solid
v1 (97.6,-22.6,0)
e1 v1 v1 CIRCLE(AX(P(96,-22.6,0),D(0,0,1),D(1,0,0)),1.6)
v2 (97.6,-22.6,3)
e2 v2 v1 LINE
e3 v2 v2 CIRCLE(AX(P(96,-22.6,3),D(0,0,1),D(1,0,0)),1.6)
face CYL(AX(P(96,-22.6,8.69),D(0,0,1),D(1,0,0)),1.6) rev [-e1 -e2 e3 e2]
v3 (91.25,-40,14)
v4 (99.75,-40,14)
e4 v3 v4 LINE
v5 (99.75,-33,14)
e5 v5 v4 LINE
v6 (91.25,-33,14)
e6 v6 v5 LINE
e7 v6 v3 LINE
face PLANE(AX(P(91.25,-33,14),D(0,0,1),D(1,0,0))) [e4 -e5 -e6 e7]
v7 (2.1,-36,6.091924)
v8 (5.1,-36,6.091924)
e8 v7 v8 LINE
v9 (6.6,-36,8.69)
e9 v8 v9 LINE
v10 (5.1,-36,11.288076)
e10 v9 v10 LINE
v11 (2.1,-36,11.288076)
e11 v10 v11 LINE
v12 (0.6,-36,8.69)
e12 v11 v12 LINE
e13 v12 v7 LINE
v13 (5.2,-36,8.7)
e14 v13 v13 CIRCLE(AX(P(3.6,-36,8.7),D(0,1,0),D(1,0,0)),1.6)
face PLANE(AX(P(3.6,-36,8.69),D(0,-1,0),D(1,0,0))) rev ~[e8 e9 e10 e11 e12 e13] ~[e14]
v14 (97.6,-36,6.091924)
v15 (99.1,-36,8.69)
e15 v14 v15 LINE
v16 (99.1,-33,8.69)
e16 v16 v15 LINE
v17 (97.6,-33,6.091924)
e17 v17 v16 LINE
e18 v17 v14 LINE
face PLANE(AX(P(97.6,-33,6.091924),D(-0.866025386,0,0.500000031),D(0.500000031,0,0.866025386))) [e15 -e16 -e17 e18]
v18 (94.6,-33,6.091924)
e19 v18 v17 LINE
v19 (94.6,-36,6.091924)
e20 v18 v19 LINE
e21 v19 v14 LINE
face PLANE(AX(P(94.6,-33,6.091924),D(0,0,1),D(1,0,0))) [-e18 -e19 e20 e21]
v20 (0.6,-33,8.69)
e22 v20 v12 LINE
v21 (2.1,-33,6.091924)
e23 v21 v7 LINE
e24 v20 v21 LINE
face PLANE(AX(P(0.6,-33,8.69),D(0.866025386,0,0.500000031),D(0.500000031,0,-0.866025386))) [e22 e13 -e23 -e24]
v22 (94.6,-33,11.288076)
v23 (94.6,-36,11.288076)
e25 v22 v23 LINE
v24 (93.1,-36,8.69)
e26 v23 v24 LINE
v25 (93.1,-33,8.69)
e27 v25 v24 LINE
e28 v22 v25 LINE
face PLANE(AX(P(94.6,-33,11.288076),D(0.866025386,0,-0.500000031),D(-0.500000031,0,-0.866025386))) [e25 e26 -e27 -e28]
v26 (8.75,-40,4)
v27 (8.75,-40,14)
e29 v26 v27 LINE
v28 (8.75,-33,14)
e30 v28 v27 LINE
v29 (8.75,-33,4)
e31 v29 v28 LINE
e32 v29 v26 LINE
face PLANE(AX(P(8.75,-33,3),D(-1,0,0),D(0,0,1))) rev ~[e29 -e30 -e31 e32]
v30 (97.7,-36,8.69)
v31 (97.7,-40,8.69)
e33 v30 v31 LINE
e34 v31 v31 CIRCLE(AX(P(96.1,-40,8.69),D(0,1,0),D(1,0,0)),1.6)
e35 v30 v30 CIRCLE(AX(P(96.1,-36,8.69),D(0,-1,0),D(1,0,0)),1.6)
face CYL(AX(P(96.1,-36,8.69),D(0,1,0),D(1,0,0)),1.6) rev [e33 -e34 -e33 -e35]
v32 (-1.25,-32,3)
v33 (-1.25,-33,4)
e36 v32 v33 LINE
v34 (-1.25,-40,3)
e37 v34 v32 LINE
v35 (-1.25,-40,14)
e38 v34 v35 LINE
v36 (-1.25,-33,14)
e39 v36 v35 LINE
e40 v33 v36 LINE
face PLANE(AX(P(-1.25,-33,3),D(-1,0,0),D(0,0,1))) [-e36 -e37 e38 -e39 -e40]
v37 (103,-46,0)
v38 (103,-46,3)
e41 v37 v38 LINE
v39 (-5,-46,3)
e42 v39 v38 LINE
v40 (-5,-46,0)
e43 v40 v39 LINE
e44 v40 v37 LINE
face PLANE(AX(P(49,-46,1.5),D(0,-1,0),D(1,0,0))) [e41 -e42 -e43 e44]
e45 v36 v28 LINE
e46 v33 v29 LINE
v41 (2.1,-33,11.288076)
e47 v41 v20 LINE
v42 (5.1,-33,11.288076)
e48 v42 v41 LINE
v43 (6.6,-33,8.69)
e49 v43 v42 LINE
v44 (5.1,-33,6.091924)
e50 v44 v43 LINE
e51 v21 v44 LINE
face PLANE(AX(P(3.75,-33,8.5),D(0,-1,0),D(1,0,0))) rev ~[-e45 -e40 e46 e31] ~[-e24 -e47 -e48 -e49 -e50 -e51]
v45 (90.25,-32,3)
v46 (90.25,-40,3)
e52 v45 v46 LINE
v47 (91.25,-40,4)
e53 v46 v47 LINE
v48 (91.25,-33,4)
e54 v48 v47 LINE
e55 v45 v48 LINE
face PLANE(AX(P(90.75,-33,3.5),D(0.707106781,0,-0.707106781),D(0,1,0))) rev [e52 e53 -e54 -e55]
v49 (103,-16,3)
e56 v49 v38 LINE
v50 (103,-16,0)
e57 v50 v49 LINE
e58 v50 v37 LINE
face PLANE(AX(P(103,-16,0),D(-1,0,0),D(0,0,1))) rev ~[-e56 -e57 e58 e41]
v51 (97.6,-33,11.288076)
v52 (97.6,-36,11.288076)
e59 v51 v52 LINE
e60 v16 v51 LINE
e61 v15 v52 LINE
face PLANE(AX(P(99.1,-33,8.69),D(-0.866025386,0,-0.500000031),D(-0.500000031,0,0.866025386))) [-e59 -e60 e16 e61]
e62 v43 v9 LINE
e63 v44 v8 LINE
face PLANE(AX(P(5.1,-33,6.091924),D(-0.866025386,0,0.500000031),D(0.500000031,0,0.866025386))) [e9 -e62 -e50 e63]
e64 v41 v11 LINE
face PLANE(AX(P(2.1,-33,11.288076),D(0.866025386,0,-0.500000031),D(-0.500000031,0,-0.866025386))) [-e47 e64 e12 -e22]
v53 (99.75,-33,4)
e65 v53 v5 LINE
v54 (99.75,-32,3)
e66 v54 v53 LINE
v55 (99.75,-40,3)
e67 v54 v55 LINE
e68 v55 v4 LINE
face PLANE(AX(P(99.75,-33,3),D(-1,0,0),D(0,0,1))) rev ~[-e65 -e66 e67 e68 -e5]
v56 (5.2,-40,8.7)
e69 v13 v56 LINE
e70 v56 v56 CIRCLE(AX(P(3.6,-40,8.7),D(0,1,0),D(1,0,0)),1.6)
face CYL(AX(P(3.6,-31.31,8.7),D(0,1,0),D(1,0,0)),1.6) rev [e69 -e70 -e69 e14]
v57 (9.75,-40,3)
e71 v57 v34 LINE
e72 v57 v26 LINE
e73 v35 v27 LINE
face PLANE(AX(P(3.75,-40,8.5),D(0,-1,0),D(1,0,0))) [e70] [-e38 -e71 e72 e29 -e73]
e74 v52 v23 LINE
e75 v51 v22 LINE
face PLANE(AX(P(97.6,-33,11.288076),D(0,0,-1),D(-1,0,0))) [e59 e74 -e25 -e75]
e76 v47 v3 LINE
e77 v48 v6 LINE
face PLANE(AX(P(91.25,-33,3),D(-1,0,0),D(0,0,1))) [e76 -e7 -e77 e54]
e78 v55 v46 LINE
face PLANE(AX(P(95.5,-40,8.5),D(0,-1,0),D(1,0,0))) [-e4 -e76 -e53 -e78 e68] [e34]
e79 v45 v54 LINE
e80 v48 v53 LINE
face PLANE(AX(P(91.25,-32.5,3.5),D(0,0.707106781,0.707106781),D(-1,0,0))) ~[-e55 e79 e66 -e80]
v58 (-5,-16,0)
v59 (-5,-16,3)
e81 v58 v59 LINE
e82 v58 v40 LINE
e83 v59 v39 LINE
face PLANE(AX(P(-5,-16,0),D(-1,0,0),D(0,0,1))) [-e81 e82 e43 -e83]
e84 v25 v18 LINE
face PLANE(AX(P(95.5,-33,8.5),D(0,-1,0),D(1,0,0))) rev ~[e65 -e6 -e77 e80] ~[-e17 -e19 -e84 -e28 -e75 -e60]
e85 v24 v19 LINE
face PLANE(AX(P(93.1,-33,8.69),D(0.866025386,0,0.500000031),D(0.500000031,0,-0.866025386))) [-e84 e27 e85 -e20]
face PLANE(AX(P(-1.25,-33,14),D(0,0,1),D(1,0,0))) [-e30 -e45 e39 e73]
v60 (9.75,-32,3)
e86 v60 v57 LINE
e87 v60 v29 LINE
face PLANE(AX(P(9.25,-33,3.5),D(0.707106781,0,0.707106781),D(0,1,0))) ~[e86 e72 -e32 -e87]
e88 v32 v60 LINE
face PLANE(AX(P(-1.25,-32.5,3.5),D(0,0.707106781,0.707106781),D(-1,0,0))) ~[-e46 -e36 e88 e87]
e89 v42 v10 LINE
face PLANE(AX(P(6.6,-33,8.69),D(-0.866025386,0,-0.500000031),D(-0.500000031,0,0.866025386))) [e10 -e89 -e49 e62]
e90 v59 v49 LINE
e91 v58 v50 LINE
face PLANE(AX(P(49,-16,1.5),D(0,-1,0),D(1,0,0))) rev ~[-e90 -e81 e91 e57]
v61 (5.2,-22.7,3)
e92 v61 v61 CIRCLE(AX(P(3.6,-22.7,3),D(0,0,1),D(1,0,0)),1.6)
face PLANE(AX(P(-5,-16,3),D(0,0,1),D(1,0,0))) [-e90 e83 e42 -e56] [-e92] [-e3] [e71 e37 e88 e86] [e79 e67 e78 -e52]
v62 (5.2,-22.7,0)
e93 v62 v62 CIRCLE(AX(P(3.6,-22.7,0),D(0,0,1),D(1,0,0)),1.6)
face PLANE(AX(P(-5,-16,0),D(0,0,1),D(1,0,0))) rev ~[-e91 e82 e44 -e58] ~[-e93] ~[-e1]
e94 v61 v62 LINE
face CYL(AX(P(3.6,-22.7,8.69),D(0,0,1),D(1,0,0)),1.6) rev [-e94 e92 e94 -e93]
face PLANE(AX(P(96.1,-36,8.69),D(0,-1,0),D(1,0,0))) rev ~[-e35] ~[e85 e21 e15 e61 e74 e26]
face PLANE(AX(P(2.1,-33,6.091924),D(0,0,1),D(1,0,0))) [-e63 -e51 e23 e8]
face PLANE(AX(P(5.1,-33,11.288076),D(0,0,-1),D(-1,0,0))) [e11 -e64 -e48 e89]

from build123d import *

# Parameters (mm, degrees)
CYLINDER030_R          = 1.6
CYLINDER030_DEPTH      = 10
CYLINDER030_ROLL_ANGLE = 90
CYLINDER018_R          = 1.6
CYLINDER018_DEPTH      = 10
PRISM001_DEPTH         = 3
BOX021_W               = 8.5
BOX021_H               = 11
BOX021_DEPTH           = 7
CYLINDER029_R          = 1.6
CYLINDER029_DEPTH      = 10
CYLINDER029_ROLL_ANGLE = 90
CYLINDER016_R          = 1.6
CYLINDER016_DEPTH      = 10
CYLINDER016_ROLL_ANGLE = 90
BOX004_W               = 108
BOX004_H               = 3
BOX004_DEPTH           = 30
CYLINDER014_R          = 1.6
CYLINDER014_DEPTH      = 10
CYLINDER014_ROLL_ANGLE = 90
PRISM_DEPTH            = 3
BOX020_W               = 10
BOX020_H               = 11
BOX020_DEPTH           = 7
CHAMFER004_SIZE        = 1
CHAMFER004_ROLL_ANGLE  = 90


with BuildPart() as cylinder030:
    # Cylinder030 → Cylinder030 (new body)
    with BuildSketch(Plane.XY):
        Circle(CYLINDER030_R)
    extrude(amount=CYLINDER030_DEPTH)


with BuildPart() as cylinder030_1:
    # Cylinder030 roll: moved
    add(cylinder030.part.rotate(Axis((0, 0, 0), (1, 0, 0)), CYLINDER030_ROLL_ANGLE))


with BuildPart() as cylinder030_2:
    # Cylinder030 placement: moved
    add(cylinder030_1.part.moved(Location((3.6, -31.31, 8.7))))


with BuildPart() as cylinder018:
    # Cylinder018 → Cylinder018 (new body)
    with BuildSketch(Plane(origin=(3.6, 5.69, -5), x_dir=(1, 0, 0), z_dir=(0, 0, 1))):
        Circle(CYLINDER018_R)
    extrude(amount=CYLINDER018_DEPTH)


with BuildPart() as prism001:
    # Prism001 → Prism001 (new body)
    with BuildSketch(Plane(origin=(3.6, 5.69, -7), x_dir=(1, 0, 0), z_dir=(0, 0, 1))):
        Polygon((3, 0), (1.5, 2.598076), (-1.5, 2.598076), (-3, 0), (-1.5, -2.598076), (1.5, -2.598076), align=None)
    extrude(amount=PRISM001_DEPTH)


with BuildPart() as cut008:
    # Box021 → Box021 (new body)
    with BuildSketch(Plane(origin=(-1.25, 0, -7), x_dir=(1, 0, 0), z_dir=(0, 0, 1))):
        with Locations((4.25, 5.5)):
            Rectangle(BOX021_W, BOX021_H)
    extrude(amount=BOX021_DEPTH)

    # Cut007: cut Prism001
    add(prism001.part, mode=Mode.SUBTRACT)


with BuildPart() as cut008_1:
    # Cut007 placement: moved
    add(cut008.part.moved(Location((0, 0, -1))))

    # Cut008: cut Cylinder018
    add(cylinder018.part, mode=Mode.SUBTRACT)


with BuildPart() as cut008_2:
    # Cut008 placement: moved
    add(cut008_1.part.moved(Location((92.5, 0, 0))))


with BuildPart() as cylinder029:
    # Cylinder029 → Cylinder029 (new body)
    with BuildSketch(Plane.XY):
        Circle(CYLINDER029_R)
    extrude(amount=CYLINDER029_DEPTH)


with BuildPart() as cylinder029_1:
    # Cylinder029 roll: moved
    add(cylinder029.part.rotate(Axis((0, 0, 0), (1, 0, 0)), CYLINDER029_ROLL_ANGLE))


with BuildPart() as cylinder029_2:
    # Cylinder029 placement: moved
    add(cylinder029_1.part.moved(Location((3.6, 5.69, -18.3))))


with BuildPart() as fusion010:
    # Cylinder016 → Cylinder016 (new body)
    with BuildSketch(Plane.XY):
        Circle(CYLINDER016_R)
    extrude(amount=CYLINDER016_DEPTH)


with BuildPart() as fusion010_1:
    # Cylinder016 roll: moved
    add(fusion010.part.rotate(Axis((0, 0, 0), (1, 0, 0)), CYLINDER016_ROLL_ANGLE))


with BuildPart() as fusion010_2:
    # Cylinder016 placement: moved
    add(fusion010_1.part.moved(Location((96, 5.69, -18.4))))

    # Fusion010: union Cylinder029
    add(cylinder029_2.part)


with BuildPart() as right_with_holes:
    # Box004 → Box004 (new body)
    with BuildSketch(Plane(origin=(-5, -3, -25), x_dir=(1, 0, 0), z_dir=(0, 0, 1))):
        with Locations((54, 1.5)):
            Rectangle(BOX004_W, BOX004_H)
    extrude(amount=BOX004_DEPTH)

    # Cut028: cut Fusion010
    add(fusion010_2.part, mode=Mode.SUBTRACT)


with BuildPart() as cylinder014:
    # Cylinder014 → Cylinder014 (new body)
    with BuildSketch(Plane.XY):
        Circle(CYLINDER014_R)
    extrude(amount=CYLINDER014_DEPTH)


with BuildPart() as cylinder014_1:
    # Cylinder014 roll: moved
    add(cylinder014.part.rotate(Axis((0, 0, 0), (1, 0, 0)), CYLINDER014_ROLL_ANGLE))


with BuildPart() as cylinder014_2:
    # Cylinder014 placement: moved
    add(cylinder014_1.part.moved(Location((3.6, 5.69, -18.3))))


with BuildPart() as prism:
    # Prism → Prism (new body)
    with BuildSketch(Plane(origin=(3.6, 5.69, -7), x_dir=(1, 0, 0), z_dir=(0, 0, 1))):
        Polygon((3, 0), (1.5, 2.598076), (-1.5, 2.598076), (-3, 0), (-1.5, -2.598076), (1.5, -2.598076), align=None)
    extrude(amount=PRISM_DEPTH)


with BuildPart() as cut029:
    # Box020 → Box020 (new body)
    with BuildSketch(Plane(origin=(-1.25, 0, -7), x_dir=(1, 0, 0), z_dir=(0, 0, 1))):
        with Locations((5, 5.5)):
            Rectangle(BOX020_W, BOX020_H)
    extrude(amount=BOX020_DEPTH)

    # Cut005: cut Prism
    add(prism.part, mode=Mode.SUBTRACT)


with BuildPart() as cut029_1:
    # Cut005 placement: moved
    add(cut029.part.moved(Location((0, 0, -1))))

    # Cut006: cut Cylinder014
    add(cylinder014_2.part, mode=Mode.SUBTRACT)

    # Fusion011: union Cut008, right with holes
    add(cut008_2.part)
    add(right_with_holes.part)

    # Chamfer004
    chamfer004_edges = [cut029_1.edges().sort_by_distance(p)[0] for p in [
        (95.5, 0, -8),
        (91.25, 0, -4.5),
        (8.75, 0, -4.5),
        (3.75, 0, -8),
    ]]
    chamfer(chamfer004_edges, length=CHAMFER004_SIZE)


with BuildPart() as cut029_2:
    # Chamfer004 roll: moved
    add(cut029_1.part.rotate(Axis((0, 0, 0), (1, 0, 0)), CHAMFER004_ROLL_ANGLE))


with BuildPart() as cut029_3:
    # Chamfer004 placement: moved
    add(cut029_2.part.moved(Location((0, -41, 3))))

    # Cut029: cut Cylinder030
    add(cylinder030_2.part, mode=Mode.SUBTRACT)


solid = cut029_3.part
